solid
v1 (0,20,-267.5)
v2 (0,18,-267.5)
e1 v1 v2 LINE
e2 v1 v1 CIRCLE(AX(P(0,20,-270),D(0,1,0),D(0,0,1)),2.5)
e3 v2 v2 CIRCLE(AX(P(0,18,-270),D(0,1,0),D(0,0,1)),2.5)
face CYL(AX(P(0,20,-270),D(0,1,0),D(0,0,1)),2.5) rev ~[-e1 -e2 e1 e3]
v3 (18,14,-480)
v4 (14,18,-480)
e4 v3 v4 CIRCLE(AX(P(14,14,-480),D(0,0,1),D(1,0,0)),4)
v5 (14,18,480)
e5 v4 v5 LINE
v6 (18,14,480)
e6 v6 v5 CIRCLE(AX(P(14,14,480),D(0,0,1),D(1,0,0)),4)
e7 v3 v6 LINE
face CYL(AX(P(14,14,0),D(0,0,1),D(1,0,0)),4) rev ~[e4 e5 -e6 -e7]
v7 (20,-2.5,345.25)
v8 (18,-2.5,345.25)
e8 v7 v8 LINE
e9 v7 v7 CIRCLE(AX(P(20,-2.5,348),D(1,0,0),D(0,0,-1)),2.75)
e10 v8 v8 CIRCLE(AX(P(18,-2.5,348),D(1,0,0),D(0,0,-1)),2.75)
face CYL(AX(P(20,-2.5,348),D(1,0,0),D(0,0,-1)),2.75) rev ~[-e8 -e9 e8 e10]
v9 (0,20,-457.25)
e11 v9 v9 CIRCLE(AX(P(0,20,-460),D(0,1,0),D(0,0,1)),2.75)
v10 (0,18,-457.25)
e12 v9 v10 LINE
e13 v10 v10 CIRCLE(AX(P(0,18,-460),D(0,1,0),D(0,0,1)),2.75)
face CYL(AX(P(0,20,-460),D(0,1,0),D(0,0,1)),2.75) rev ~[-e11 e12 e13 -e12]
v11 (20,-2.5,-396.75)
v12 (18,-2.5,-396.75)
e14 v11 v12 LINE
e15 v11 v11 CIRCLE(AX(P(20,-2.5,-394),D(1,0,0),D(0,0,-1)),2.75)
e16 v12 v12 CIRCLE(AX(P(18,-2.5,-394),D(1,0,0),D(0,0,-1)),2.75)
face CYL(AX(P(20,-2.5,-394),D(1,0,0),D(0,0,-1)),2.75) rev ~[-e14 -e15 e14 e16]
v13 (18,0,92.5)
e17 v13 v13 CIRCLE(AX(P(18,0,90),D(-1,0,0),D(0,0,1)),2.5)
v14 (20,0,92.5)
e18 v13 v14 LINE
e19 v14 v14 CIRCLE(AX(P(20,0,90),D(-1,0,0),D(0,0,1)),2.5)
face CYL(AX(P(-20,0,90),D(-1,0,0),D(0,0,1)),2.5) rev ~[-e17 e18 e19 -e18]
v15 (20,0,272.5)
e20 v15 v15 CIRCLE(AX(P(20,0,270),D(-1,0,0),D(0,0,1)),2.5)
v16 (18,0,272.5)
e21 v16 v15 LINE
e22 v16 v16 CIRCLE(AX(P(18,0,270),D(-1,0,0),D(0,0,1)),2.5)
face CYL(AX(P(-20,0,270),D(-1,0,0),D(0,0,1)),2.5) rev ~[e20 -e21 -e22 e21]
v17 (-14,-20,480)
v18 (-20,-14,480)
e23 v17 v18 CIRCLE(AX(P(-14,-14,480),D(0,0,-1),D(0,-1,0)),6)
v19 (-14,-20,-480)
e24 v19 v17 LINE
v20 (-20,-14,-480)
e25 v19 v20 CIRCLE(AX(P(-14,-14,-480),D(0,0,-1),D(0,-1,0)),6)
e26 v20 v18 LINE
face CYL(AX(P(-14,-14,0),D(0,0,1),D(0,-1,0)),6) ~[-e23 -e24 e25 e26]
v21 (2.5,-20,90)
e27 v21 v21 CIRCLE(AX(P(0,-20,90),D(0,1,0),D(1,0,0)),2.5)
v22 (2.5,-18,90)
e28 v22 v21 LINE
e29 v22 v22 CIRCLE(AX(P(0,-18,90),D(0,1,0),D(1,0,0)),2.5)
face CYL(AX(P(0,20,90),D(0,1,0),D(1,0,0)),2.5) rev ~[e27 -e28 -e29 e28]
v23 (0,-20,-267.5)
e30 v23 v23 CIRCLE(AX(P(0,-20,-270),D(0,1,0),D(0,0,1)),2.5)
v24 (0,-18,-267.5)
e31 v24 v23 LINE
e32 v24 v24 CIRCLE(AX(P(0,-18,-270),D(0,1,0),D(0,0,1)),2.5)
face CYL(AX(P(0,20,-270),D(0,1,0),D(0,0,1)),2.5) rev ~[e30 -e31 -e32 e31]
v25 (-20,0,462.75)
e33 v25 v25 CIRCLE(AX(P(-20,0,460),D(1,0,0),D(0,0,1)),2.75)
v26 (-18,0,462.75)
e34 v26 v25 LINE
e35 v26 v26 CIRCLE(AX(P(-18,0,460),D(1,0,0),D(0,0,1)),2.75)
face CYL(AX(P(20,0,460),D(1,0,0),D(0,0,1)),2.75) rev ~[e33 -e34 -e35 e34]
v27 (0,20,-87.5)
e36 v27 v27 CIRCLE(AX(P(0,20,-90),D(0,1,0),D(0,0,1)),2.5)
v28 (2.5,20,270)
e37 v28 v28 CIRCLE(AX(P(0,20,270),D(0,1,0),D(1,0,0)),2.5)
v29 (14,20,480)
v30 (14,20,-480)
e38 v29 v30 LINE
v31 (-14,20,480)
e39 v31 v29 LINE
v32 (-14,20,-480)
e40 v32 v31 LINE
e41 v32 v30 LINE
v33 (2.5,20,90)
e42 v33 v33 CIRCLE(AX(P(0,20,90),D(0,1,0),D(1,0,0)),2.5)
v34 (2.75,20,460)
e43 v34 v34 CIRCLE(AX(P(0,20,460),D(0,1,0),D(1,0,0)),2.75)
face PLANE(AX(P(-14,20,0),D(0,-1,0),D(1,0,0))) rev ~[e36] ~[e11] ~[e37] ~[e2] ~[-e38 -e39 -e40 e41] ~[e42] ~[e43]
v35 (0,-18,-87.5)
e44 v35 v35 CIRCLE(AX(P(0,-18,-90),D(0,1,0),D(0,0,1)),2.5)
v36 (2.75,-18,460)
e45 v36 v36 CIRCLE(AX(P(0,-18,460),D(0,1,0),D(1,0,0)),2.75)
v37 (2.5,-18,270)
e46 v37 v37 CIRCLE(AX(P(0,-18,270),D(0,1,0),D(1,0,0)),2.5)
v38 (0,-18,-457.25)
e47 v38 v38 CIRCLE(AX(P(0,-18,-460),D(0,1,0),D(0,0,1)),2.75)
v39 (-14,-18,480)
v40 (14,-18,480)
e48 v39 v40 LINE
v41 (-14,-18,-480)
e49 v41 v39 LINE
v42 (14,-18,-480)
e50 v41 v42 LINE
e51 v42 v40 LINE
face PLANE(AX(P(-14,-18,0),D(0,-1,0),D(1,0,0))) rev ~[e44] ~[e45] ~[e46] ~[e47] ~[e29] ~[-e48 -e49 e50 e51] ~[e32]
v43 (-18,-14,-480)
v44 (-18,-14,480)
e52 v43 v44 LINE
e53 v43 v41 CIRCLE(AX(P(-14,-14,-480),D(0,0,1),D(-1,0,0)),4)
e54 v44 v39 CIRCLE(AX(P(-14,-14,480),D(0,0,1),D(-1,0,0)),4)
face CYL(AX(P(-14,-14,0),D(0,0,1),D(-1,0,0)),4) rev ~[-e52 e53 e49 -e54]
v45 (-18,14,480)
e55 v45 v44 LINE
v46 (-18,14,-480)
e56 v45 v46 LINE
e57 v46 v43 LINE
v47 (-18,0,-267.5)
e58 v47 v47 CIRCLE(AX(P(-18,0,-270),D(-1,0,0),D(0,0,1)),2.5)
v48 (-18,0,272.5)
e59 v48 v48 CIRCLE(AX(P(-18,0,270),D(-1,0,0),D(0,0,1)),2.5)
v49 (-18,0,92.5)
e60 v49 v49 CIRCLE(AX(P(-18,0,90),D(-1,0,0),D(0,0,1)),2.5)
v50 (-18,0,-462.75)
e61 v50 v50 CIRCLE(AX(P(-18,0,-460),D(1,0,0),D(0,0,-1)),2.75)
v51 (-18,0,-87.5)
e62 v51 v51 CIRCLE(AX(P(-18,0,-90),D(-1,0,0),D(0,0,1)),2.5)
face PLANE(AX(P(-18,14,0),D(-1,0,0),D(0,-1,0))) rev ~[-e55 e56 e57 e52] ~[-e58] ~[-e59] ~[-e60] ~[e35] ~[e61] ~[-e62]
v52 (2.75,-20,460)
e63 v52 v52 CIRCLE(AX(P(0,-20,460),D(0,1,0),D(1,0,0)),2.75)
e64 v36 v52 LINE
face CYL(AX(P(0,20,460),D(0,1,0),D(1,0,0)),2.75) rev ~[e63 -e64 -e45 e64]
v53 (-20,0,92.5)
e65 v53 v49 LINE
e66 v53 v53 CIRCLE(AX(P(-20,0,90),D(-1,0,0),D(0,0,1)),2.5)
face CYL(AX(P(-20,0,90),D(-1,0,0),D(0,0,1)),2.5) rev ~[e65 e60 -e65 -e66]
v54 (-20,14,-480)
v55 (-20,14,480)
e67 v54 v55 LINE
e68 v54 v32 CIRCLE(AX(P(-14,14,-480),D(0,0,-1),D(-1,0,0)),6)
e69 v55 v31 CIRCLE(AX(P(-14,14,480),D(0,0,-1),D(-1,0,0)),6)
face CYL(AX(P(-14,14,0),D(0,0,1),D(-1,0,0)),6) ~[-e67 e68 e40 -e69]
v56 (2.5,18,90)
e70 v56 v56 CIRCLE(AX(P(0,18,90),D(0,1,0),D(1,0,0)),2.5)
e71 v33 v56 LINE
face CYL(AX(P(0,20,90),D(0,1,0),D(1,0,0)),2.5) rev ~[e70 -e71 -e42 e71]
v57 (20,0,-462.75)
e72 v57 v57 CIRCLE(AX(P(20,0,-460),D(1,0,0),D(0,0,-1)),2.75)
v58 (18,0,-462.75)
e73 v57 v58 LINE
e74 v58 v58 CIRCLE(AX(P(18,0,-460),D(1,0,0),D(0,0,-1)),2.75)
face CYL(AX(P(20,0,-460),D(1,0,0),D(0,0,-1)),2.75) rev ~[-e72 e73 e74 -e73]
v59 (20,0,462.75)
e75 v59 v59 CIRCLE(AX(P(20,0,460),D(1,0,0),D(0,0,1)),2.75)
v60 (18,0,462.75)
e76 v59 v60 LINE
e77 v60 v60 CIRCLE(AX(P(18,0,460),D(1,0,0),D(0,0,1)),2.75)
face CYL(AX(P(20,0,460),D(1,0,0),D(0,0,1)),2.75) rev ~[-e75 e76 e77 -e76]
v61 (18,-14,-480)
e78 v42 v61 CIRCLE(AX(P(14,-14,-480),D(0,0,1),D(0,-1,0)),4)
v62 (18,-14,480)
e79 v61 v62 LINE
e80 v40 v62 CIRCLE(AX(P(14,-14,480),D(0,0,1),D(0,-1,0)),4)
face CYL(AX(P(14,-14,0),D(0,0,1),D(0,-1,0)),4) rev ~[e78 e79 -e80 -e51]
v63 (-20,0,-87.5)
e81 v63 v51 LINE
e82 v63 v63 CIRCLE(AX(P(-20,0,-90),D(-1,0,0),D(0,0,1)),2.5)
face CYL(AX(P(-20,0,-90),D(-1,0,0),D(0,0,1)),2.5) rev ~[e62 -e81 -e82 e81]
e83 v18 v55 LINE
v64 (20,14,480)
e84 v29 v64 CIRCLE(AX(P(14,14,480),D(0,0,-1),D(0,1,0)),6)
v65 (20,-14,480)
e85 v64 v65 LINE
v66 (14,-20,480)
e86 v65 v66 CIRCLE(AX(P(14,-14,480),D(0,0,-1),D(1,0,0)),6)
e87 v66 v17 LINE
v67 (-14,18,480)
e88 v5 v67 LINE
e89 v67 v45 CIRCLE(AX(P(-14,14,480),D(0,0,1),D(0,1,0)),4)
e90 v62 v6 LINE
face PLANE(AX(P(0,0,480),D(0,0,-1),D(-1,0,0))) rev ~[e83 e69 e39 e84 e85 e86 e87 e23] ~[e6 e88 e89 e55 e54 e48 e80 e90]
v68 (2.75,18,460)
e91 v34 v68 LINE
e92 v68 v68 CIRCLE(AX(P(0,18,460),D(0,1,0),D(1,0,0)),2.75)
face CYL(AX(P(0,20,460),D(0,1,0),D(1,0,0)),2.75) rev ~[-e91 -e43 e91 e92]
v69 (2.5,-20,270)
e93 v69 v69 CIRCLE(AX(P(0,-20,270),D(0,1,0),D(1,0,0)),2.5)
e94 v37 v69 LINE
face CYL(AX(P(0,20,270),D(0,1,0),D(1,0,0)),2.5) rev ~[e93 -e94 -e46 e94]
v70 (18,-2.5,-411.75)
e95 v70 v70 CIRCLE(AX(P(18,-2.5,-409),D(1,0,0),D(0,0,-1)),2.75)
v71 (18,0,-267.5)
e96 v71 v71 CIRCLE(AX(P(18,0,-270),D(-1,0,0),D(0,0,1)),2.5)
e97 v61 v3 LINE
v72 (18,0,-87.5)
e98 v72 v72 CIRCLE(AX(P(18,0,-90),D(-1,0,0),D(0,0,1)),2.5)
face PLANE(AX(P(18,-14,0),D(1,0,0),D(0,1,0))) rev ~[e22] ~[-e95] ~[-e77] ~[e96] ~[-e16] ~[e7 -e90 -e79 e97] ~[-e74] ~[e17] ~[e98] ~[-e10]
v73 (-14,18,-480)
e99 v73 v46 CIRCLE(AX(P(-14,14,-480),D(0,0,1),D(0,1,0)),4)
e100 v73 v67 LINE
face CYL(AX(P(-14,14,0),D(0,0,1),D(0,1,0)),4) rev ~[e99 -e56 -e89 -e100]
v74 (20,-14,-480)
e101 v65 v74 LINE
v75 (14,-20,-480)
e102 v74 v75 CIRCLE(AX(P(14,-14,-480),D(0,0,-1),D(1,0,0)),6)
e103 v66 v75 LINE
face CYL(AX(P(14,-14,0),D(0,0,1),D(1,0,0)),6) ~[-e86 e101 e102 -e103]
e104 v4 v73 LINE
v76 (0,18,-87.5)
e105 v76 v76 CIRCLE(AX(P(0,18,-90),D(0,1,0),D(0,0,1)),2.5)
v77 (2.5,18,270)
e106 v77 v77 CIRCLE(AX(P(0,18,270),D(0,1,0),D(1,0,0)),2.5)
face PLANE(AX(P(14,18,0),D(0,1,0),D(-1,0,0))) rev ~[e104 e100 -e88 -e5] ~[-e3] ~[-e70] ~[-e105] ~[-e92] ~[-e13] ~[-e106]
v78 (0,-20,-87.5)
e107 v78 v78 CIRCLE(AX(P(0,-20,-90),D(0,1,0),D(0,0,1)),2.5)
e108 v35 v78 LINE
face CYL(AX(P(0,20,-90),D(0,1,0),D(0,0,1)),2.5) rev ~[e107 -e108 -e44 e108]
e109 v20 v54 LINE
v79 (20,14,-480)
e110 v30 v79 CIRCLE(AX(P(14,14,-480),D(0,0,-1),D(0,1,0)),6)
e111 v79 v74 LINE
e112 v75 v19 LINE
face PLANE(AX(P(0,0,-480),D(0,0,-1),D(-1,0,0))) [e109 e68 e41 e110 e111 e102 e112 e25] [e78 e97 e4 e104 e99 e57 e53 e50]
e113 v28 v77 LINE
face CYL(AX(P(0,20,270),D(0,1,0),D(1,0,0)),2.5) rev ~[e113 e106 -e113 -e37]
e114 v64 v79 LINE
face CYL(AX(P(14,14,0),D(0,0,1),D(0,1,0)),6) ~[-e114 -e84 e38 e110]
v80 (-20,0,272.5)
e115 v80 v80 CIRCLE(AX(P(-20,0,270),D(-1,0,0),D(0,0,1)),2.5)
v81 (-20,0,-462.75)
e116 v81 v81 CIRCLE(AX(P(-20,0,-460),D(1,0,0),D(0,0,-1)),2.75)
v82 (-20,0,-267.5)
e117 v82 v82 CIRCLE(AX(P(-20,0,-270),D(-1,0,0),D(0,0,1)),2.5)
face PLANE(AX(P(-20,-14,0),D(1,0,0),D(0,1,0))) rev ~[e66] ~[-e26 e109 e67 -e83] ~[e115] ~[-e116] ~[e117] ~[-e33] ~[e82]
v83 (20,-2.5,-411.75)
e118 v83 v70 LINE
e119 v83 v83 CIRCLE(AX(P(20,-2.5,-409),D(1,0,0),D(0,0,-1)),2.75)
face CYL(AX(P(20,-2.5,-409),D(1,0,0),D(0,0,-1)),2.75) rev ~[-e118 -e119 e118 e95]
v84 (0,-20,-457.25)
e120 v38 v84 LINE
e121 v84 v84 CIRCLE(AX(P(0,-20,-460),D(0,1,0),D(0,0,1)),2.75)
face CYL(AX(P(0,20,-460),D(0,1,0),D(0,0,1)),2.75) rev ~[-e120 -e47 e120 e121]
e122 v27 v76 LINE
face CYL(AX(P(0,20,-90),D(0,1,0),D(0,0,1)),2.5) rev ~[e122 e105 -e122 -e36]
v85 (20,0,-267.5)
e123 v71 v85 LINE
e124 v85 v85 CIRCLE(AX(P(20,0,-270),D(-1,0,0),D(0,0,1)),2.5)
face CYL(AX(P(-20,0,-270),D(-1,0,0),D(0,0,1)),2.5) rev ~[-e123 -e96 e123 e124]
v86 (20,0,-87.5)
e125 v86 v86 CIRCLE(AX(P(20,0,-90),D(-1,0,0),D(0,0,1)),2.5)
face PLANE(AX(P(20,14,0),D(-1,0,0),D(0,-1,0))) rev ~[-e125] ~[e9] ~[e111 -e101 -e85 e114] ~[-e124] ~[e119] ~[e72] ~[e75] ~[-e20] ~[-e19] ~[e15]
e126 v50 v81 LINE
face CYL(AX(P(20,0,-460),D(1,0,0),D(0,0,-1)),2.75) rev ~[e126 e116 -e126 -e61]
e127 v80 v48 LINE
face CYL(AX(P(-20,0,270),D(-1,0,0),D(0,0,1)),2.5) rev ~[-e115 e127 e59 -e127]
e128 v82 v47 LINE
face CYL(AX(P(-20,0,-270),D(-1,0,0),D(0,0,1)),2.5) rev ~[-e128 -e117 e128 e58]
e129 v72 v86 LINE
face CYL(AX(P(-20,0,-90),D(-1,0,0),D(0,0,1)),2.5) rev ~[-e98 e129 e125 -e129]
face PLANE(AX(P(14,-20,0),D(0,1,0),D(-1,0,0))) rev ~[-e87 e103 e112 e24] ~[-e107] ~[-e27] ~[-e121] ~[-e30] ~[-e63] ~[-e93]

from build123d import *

# Parameters (mm, degrees)
AUFSATZ_LINEAR_AUSTRAGEN1_DEPTH = 480
SKIZZE2_R                       = 2.75
SCHNITT_LINEAR_AUSTRAGEN1_DEPTH = 100
SKIZZE3_R                       = 2.75
SCHNITT_LINEAR_AUSTRAGEN2_DEPTH = 100
SKIZZE4_R                       = 2.75
SCHNITT_LINEAR_AUSTRAGEN3_DEPTH = 10
SKIZZE5_R                       = 2.5
SCHNITT_LINEAR_AUSTRAGEN4_DEPTH = 60
SKIZZE6_R                       = 2.5
SCHNITT_LINEAR_AUSTRAGEN5_DEPTH = 100


with BuildPart() as part:
    # Skizze1 → Aufsatz-Linear austragen1 (new, symmetric)
    with BuildSketch(Plane.XY):
        with BuildLine():
            Line((-14, 20), (14, 20))
            ThreePointArc((14, 20), (18.242640687, 18.242640687), (20, 14))
            Line((20, 14), (20, -14))
            ThreePointArc((20, -14), (18.242640687, -18.242640687), (14, -20))
            Line((14, -20), (-14, -20))
            ThreePointArc((-14, -20), (-18.242640687, -18.242640687), (-20, -14))
            Line((-20, -14), (-20, 14))
            ThreePointArc((-20, 14), (-18.242640687, 18.242640687), (-14, 20))
        make_face()
        with BuildLine():
            Line((-18, 14), (-18, -14))
            ThreePointArc((-18, -14), (-16.828427125, -16.828427125), (-14, -18))
            Line((-14, -18), (14, -18))
            ThreePointArc((14, -18), (16.828427125, -16.828427125), (18, -14))
            Line((18, -14), (18, 14))
            ThreePointArc((18, 14), (16.828427125, 16.828427125), (14, 18))
            Line((14, 18), (-14, 18))
            ThreePointArc((-14, 18), (-16.828427125, 16.828427125), (-18, 14))
        make_face(mode=Mode.SUBTRACT)
    extrude(amount=AUFSATZ_LINEAR_AUSTRAGEN1_DEPTH, both=True)

    # Skizze2 → Schnitt-Linear austragen1 (cut)
    with BuildSketch(Plane(origin=(0, 20, 0), x_dir=(1, 0, 0), z_dir=(0, 1, 0))):
        with Locations(Location((0, 460, 0), (0, 0, 270))):
            Circle(SKIZZE2_R)
        with Locations((0, -460)):
            Circle(SKIZZE2_R)
    extrude(amount=-SCHNITT_LINEAR_AUSTRAGEN1_DEPTH, mode=Mode.SUBTRACT)

    # Skizze3 → Schnitt-Linear austragen2 (cut)
    with BuildSketch(Plane(origin=(20, 0, 0), x_dir=(0, 0, -1), z_dir=(1, 0, 0))):
        with Locations((460, 0)):
            Circle(SKIZZE3_R)
        with Locations(Location((-460, 0, 0), (0, 0, 180))):
            Circle(SKIZZE3_R)
    extrude(amount=-SCHNITT_LINEAR_AUSTRAGEN2_DEPTH, mode=Mode.SUBTRACT)

    # Skizze4 → Schnitt-Linear austragen3 (cut)
    with BuildSketch(Plane(origin=(20, 0, 0), x_dir=(0, 0, -1), z_dir=(1, 0, 0))):
        with Locations((409, -2.5)):
            Circle(SKIZZE4_R)
        with Locations((394, -2.5)):
            Circle(SKIZZE4_R)
        with Locations((-348, -2.5)):
            Circle(SKIZZE4_R)
    extrude(amount=-SCHNITT_LINEAR_AUSTRAGEN3_DEPTH, mode=Mode.SUBTRACT)

    # Skizze5 → Schnitt-Linear austragen4 (cut)
    with BuildSketch(Plane(origin=(0, 20, 0), x_dir=(1, 0, 0), z_dir=(0, 1, 0))):
        with Locations(Location((0, 270, 0), (0, 0, 270))):
            Circle(SKIZZE5_R)
        with Locations(Location((0, 90, 0), (0, 0, 270))):
            Circle(SKIZZE5_R)
        with Locations((0, -270)):
            Circle(SKIZZE5_R)
        with Locations((0, -90)):
            Circle(SKIZZE5_R)
    extrude(amount=-SCHNITT_LINEAR_AUSTRAGEN4_DEPTH, mode=Mode.SUBTRACT)

    # Skizze6 → Schnitt-Linear austragen5 (cut)
    with BuildSketch(Plane.ZY.offset(20)):
        with Locations((270, 0)):
            Circle(SKIZZE6_R)
        with Locations((90, 0)):
            Circle(SKIZZE6_R)
        with Locations((-270, 0)):
            Circle(SKIZZE6_R)
        with Locations((-90, 0)):
            Circle(SKIZZE6_R)
    extrude(amount=-SCHNITT_LINEAR_AUSTRAGEN5_DEPTH, mode=Mode.SUBTRACT)


solid = part.part
